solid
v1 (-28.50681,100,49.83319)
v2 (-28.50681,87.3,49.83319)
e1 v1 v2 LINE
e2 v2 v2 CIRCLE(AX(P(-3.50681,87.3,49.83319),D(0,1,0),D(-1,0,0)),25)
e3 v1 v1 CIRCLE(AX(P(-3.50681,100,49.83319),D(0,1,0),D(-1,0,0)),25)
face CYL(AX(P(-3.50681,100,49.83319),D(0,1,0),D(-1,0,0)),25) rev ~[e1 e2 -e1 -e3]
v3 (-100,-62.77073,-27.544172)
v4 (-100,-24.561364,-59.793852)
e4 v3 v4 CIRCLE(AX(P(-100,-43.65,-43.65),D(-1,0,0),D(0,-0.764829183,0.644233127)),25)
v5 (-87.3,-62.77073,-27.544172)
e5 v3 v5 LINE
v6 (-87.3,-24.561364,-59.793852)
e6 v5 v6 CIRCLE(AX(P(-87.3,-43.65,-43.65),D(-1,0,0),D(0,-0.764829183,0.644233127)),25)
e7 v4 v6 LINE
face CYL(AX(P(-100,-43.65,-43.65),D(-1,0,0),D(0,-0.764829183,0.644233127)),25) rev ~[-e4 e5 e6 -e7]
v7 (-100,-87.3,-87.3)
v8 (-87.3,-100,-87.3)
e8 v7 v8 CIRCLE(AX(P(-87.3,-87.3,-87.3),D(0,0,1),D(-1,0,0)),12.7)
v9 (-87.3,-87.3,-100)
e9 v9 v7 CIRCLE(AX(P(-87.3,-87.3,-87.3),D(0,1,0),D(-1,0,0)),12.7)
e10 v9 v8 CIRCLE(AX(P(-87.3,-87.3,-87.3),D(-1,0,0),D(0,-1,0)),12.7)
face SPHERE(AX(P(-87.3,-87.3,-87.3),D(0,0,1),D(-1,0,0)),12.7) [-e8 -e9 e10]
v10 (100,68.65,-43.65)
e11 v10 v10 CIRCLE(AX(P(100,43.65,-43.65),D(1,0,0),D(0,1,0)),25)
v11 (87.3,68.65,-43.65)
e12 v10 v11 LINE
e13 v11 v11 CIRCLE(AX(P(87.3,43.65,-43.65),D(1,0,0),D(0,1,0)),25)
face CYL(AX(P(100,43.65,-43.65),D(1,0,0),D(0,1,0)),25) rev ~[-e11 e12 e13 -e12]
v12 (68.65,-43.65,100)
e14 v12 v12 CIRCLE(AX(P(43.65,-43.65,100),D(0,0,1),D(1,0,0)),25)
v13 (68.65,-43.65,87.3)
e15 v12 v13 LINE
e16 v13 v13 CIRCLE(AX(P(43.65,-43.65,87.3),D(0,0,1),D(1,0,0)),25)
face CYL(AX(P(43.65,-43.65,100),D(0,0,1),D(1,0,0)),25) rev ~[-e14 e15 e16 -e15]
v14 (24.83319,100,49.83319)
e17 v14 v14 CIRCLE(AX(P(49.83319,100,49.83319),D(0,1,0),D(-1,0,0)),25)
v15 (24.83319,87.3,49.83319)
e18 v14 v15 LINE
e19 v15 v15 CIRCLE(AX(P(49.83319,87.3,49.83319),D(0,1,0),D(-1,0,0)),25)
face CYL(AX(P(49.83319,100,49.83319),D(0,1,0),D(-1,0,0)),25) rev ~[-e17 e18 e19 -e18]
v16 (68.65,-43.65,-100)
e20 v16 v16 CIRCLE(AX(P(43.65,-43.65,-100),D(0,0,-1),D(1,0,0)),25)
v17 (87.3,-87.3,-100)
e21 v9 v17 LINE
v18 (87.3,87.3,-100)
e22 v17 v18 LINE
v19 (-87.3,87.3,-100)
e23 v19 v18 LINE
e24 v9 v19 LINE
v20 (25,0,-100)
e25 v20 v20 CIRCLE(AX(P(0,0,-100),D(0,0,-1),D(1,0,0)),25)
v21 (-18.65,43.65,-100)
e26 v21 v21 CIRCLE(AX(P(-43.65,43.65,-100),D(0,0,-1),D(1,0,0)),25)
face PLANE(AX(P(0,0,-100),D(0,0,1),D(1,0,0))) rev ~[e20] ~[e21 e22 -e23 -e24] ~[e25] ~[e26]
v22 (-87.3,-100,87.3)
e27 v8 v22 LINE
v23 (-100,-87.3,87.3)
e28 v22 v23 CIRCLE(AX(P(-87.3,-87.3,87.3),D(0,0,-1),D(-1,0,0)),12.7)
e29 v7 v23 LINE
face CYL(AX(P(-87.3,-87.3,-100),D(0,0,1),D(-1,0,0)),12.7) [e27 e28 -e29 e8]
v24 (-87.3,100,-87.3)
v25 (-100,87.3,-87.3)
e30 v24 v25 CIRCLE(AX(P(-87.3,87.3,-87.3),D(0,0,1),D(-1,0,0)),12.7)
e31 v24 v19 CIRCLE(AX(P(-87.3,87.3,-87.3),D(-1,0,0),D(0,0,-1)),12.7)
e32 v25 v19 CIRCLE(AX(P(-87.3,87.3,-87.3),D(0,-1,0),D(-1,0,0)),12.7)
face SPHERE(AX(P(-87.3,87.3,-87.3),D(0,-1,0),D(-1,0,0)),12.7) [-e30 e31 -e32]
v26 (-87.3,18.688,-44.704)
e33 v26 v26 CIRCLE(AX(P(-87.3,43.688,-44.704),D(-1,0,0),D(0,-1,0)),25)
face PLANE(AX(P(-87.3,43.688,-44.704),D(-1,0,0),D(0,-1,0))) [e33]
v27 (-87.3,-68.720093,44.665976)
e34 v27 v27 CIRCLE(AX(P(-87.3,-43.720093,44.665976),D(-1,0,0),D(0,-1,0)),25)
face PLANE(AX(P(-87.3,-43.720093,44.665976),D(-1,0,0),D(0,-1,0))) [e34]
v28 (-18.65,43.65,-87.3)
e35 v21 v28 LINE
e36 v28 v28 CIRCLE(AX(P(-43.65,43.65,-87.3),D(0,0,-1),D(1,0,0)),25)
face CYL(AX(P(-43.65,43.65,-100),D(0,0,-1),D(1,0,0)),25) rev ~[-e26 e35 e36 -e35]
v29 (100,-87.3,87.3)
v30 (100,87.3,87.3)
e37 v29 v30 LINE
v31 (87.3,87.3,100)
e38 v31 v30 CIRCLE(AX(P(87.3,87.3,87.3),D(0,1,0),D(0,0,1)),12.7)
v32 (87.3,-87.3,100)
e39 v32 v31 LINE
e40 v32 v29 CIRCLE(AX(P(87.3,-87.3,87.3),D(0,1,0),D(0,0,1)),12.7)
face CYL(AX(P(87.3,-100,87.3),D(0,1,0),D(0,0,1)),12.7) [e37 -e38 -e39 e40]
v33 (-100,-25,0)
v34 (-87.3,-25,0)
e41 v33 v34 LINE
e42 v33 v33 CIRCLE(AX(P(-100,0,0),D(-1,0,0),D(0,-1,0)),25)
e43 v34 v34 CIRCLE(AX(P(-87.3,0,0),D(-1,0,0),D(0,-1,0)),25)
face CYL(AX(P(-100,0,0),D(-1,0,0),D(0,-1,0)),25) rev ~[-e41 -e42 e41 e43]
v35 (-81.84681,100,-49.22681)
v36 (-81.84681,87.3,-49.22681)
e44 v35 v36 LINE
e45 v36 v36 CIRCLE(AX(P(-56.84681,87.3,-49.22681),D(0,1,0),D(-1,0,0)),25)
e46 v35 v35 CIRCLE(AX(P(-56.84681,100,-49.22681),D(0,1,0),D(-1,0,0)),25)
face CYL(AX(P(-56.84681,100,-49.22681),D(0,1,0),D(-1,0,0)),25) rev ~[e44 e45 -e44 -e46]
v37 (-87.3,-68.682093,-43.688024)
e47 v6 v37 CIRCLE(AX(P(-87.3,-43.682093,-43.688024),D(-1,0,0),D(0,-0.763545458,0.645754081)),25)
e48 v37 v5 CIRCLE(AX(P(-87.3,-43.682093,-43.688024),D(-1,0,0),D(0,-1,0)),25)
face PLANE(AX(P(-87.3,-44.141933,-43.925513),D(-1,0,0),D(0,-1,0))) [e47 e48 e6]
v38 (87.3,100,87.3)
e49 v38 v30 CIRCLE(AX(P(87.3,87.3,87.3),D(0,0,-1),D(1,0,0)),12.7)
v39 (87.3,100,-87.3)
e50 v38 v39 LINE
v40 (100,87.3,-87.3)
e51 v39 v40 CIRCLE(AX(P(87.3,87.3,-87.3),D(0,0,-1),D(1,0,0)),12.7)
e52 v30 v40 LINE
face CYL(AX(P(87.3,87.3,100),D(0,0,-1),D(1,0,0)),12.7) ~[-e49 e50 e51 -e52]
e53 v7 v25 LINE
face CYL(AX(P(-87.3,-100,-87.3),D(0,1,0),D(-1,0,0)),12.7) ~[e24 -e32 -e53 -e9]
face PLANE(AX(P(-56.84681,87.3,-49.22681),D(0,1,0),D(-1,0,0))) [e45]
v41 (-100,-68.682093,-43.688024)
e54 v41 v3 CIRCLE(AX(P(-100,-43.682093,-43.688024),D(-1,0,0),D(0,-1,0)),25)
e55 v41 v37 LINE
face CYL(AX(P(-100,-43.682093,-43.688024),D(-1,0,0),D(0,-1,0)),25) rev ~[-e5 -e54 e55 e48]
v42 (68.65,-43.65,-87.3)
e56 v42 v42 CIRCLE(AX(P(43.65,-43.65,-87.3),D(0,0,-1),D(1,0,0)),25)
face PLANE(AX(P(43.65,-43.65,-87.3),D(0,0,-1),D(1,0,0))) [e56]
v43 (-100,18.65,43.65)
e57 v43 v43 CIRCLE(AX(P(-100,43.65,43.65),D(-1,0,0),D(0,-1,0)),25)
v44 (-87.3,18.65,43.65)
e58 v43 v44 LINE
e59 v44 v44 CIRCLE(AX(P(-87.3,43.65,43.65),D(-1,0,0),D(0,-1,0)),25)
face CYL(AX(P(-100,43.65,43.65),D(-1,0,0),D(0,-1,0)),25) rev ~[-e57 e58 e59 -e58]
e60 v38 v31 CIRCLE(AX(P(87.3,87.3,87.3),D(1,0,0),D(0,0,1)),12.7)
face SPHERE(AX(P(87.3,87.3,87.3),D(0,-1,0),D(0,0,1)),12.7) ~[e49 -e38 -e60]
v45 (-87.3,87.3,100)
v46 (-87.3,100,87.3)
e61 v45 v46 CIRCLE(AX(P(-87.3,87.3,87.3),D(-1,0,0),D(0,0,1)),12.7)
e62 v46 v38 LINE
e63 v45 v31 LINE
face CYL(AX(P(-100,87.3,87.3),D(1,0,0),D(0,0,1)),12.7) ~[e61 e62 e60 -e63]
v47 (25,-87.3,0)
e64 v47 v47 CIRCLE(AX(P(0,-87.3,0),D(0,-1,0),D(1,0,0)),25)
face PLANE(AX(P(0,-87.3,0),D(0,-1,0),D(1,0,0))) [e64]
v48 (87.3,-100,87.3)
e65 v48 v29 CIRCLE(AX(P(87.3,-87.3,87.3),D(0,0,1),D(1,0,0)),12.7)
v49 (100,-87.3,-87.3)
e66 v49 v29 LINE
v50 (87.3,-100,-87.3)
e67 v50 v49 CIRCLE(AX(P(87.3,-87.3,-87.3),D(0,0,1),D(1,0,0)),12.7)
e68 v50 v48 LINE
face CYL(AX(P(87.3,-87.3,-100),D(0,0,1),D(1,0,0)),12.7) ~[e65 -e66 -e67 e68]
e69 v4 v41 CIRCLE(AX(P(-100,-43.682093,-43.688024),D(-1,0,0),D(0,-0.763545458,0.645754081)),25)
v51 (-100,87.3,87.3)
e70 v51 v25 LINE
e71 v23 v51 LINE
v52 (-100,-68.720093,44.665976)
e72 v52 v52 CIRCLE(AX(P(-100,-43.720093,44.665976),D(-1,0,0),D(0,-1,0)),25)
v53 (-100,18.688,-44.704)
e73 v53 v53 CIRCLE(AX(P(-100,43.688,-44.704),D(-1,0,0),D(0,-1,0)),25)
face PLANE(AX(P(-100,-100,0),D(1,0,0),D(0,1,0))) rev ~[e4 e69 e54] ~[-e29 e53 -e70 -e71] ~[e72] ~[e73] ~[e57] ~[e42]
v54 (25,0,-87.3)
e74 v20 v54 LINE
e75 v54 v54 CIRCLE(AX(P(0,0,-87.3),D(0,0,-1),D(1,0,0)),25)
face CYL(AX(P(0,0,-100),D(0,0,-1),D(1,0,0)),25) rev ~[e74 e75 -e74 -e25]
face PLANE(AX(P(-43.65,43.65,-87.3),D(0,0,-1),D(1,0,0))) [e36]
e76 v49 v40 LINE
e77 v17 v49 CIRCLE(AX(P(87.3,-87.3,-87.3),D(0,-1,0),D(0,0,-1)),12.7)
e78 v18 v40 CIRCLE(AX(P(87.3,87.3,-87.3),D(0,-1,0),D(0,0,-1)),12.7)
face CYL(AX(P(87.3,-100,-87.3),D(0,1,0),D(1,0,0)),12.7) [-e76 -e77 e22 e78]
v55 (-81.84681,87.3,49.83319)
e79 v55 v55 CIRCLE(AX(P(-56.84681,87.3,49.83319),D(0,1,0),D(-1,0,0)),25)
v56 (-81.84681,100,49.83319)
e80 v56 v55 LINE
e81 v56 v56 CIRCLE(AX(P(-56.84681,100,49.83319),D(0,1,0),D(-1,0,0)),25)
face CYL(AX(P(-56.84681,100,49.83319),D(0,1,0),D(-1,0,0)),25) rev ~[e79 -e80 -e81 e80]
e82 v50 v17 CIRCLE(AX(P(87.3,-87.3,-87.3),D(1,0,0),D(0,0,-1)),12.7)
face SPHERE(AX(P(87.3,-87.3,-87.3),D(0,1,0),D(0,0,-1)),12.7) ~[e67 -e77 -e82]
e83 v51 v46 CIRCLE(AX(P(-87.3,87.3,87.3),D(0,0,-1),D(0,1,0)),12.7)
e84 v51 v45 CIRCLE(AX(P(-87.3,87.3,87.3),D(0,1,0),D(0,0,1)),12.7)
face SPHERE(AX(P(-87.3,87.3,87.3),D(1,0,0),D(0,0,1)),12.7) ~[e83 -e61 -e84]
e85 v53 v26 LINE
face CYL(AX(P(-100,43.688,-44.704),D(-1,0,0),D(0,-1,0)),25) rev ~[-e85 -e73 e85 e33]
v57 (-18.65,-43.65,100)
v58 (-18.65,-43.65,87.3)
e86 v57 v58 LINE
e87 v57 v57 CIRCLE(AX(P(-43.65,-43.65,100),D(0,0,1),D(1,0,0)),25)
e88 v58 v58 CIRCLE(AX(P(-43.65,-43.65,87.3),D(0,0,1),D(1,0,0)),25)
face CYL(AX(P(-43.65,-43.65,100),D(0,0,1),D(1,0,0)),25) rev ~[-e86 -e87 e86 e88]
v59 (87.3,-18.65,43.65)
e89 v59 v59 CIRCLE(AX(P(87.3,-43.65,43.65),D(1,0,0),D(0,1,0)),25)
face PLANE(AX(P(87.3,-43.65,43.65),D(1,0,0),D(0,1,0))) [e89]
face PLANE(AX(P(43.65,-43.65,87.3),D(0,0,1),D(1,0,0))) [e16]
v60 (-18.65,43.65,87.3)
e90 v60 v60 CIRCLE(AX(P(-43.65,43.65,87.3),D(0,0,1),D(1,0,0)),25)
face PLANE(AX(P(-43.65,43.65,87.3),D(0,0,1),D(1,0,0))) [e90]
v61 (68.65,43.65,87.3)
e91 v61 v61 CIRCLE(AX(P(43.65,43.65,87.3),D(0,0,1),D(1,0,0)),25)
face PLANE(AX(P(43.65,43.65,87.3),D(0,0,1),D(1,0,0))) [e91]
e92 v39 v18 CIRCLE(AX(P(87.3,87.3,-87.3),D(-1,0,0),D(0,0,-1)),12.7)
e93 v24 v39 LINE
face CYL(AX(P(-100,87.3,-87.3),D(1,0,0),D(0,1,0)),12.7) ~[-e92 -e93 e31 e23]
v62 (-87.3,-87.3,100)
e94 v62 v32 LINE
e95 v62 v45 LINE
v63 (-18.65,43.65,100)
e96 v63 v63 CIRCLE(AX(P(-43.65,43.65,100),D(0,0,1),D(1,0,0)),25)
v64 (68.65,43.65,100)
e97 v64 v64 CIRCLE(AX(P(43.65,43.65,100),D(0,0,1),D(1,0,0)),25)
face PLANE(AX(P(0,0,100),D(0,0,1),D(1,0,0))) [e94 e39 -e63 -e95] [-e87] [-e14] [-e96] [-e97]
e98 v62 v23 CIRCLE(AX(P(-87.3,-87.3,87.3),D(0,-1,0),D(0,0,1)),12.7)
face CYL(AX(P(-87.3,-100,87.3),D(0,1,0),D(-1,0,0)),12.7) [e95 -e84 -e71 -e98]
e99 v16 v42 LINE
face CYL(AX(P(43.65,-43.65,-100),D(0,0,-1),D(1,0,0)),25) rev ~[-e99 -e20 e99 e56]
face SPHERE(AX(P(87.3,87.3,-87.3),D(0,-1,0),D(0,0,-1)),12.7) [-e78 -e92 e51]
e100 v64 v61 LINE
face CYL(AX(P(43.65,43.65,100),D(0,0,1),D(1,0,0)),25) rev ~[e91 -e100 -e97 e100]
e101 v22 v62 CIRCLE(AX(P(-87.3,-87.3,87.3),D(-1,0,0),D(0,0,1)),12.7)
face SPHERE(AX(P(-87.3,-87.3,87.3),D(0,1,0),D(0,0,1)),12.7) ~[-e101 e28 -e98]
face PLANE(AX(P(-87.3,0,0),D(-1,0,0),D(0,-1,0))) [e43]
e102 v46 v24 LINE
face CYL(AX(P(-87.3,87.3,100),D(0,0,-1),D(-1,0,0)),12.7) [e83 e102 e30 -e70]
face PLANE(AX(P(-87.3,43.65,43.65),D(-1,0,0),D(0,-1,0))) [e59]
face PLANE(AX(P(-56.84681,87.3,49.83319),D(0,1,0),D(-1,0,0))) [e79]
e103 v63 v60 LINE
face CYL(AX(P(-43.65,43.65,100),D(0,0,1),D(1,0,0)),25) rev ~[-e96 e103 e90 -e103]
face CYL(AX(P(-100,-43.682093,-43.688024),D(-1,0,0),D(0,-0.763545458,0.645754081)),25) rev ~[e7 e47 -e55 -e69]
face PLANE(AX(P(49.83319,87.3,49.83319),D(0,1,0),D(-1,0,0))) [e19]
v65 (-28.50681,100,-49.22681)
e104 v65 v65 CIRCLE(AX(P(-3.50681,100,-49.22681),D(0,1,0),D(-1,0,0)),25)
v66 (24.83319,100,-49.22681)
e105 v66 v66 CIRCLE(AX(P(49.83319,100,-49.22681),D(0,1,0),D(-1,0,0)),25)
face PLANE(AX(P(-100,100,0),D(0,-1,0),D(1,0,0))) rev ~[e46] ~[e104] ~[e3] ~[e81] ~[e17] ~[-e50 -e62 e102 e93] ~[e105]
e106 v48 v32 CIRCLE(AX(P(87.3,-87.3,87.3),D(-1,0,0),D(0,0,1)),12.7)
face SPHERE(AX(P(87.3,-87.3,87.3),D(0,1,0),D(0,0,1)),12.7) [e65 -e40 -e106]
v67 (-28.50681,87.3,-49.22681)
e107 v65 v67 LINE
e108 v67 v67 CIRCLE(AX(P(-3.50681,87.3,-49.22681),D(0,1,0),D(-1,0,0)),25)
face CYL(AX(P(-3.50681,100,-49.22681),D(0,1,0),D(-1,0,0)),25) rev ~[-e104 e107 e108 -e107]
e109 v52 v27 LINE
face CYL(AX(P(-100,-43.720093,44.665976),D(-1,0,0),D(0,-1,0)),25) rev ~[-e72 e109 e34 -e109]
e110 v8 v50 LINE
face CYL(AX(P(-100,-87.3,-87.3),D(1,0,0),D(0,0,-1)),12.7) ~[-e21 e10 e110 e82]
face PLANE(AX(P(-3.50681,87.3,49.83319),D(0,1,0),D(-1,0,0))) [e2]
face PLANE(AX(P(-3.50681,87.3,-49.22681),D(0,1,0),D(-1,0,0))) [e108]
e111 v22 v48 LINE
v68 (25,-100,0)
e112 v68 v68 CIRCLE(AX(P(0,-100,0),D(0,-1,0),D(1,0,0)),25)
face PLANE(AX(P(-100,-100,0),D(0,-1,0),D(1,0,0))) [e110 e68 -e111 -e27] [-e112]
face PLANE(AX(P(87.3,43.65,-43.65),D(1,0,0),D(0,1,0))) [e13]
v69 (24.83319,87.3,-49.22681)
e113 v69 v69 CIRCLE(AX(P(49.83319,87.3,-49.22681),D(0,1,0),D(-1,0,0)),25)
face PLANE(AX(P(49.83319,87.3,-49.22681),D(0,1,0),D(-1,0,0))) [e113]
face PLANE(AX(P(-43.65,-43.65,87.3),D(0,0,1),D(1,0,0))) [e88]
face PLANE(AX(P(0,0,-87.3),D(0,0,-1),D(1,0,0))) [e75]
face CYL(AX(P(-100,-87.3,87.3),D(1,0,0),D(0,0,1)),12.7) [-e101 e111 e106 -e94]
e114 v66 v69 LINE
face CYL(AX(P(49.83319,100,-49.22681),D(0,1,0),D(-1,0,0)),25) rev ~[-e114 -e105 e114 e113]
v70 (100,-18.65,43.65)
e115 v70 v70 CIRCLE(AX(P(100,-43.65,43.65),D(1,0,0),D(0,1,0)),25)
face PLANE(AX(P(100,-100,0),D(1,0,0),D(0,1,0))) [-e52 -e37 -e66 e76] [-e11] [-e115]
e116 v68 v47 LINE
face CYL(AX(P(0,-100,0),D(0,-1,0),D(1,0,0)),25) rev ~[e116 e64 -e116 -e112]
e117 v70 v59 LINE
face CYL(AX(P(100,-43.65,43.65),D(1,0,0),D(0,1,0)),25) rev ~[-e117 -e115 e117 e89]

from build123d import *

# Parameters (mm, degrees)
F0_W          = 200
F0_H          = 200
F1_DEPTH      = 100
F1_DEPTH_BACK = 100
F2_R          = 12.7
F3_R          = 25
F4_DEPTH      = 12.7
F5_R          = 25
F6_DEPTH      = 12.7
F7_R          = 25
F9_DEPTH      = 12.7
F10_R         = 25
F11_DEPTH     = 12.7
F12_R         = 25
F13_DEPTH     = 12.7
F14_R         = 25
F15_DEPTH     = 12.7


with BuildPart() as f1:
    # F0 (on Top) → F1 (new body, two sides)
    with BuildSketch(Plane.XY) as f1_sk:
        Rectangle(F0_W, F0_H)
    extrude(amount=F1_DEPTH)
    extrude(f1_sk.sketch, amount=-F1_DEPTH_BACK)

    # F2
    f2_edges = [f1.edges().sort_by_distance(p)[0] for p in [
        (100, 0, 100),
        (0, 100, 100),
        (-100, 0, 100),
        (0, -100, 100),
        (-100, -100, 0),
        (-100, 0, -100),
        (-100, 100, 0),
        (100, 0, -100),
        (0, 100, -100),
        (0, -100, -100),
        (100, 100, 0),
        (100, -100, 0),
    ]]
    fillet(f2_edges, radius=F2_R)

    # F3 (on face) → F4 (cut)
    with BuildSketch(Plane.XZ.offset(100)):
        Circle(F3_R)
    extrude(amount=-F4_DEPTH, mode=Mode.SUBTRACT)

    # F5 (on face) → F6 (cut)
    with BuildSketch(Plane(origin=(0, 100, 0), x_dir=(-1, 0, 0), z_dir=(0, 1, 0))):
        with Locations((-49.8331896961, 49.8331896961)):
            Circle(F5_R)
        with Locations((3.5068103039, 49.8331896961)):
            Circle(F5_R)
        with Locations((56.8468103039, 49.8331896961)):
            Circle(F5_R)
        with Locations((-49.8331896961, -49.2268103039)):
            Circle(F5_R)
        with Locations((3.5068103039, -49.2268103039)):
            Circle(F5_R)
        with Locations((56.8468103039, -49.2268103039)):
            Circle(F5_R)
    extrude(amount=-F6_DEPTH, mode=Mode.SUBTRACT)

    # F7 (on face) → F9 (cut)
    with BuildSketch(Plane(origin=(-100, 0, 0), x_dir=(0, -1, 0), z_dir=(-1, 0, 0))):
        with Locations((-43.65, 43.65)):
            Circle(F7_R)
        with BuildLine():
            ThreePointArc((24.561363538, -59.7938520193), (52.2460481749, -67.1256886113), (68.65, -43.65))
            ThreePointArc((68.65, -43.65), (67.1342312954, -35.077317779), (62.770729563, -27.5441718319))
            ThreePointArc((62.770729563, -27.5441718319), (27.5572450229, -24.5833313789), (24.561363538, -59.7938520193))
        make_face()
        with BuildLine():
            ThreePointArc((62.770729563, -27.5441718319), (67.1342312954, -35.077317779), (68.65, -43.65))
            ThreePointArc((68.65, -43.65), (52.2460481749, -67.1256886113), (24.561363538, -59.7938520193))
            ThreePointArc((24.561363538, -59.7938520193), (52.254775322, -67.1722551466), (68.6820931009, -43.6880238512))
            ThreePointArc((68.6820931009, -43.6880238512), (67.1577817122, -35.0919756763), (62.770729563, -27.5441718319))
        make_face()
        with BuildLine():
            ThreePointArc((24.561363538, -59.7938520193), (27.5572450229, -24.5833313789), (62.770729563, -27.5441718319))
            ThreePointArc((62.770729563, -27.5441718319), (27.525151922, -24.5453075277), (24.561363538, -59.7938520193))
        make_face()
        with Locations((-43.688, -44.704)):
            Circle(F7_R)
        with Locations((43.7200931009, 44.6659761488)):
            Circle(F7_R)
        Circle(F7_R)
    extrude(amount=-F9_DEPTH, mode=Mode.SUBTRACT)

    # F10 (on face) → F11 (cut)
    with BuildSketch(Plane(origin=(0, 0, -100), x_dir=(1, 0, 0), z_dir=(0, 0, -1))):
        with Locations((43.65, 43.65)):
            Circle(F10_R)
        Circle(F10_R)
        with Locations((-43.65, -43.65)):
            Circle(F10_R)
    extrude(amount=-F11_DEPTH, mode=Mode.SUBTRACT)

    # F12 (on face) → F13 (cut)
    with BuildSketch(Plane.XY.offset(100)):
        with Locations((-43.65, 43.65)):
            Circle(F12_R)
        with Locations((43.65, 43.65)):
            Circle(F12_R)
        with Locations((43.65, -43.65)):
            Circle(F12_R)
        with Locations((-43.65, -43.65)):
            Circle(F12_R)
    extrude(amount=-F13_DEPTH, mode=Mode.SUBTRACT)

    # F14 (on face) → F15 (cut)
    with BuildSketch(Plane.YZ.offset(100)):
        with Locations((-43.65, 43.65)):
            Circle(F14_R)
        with Locations((43.65, -43.65)):
            Circle(F14_R)
    extrude(amount=-F15_DEPTH, mode=Mode.SUBTRACT)


solid = f1.part
